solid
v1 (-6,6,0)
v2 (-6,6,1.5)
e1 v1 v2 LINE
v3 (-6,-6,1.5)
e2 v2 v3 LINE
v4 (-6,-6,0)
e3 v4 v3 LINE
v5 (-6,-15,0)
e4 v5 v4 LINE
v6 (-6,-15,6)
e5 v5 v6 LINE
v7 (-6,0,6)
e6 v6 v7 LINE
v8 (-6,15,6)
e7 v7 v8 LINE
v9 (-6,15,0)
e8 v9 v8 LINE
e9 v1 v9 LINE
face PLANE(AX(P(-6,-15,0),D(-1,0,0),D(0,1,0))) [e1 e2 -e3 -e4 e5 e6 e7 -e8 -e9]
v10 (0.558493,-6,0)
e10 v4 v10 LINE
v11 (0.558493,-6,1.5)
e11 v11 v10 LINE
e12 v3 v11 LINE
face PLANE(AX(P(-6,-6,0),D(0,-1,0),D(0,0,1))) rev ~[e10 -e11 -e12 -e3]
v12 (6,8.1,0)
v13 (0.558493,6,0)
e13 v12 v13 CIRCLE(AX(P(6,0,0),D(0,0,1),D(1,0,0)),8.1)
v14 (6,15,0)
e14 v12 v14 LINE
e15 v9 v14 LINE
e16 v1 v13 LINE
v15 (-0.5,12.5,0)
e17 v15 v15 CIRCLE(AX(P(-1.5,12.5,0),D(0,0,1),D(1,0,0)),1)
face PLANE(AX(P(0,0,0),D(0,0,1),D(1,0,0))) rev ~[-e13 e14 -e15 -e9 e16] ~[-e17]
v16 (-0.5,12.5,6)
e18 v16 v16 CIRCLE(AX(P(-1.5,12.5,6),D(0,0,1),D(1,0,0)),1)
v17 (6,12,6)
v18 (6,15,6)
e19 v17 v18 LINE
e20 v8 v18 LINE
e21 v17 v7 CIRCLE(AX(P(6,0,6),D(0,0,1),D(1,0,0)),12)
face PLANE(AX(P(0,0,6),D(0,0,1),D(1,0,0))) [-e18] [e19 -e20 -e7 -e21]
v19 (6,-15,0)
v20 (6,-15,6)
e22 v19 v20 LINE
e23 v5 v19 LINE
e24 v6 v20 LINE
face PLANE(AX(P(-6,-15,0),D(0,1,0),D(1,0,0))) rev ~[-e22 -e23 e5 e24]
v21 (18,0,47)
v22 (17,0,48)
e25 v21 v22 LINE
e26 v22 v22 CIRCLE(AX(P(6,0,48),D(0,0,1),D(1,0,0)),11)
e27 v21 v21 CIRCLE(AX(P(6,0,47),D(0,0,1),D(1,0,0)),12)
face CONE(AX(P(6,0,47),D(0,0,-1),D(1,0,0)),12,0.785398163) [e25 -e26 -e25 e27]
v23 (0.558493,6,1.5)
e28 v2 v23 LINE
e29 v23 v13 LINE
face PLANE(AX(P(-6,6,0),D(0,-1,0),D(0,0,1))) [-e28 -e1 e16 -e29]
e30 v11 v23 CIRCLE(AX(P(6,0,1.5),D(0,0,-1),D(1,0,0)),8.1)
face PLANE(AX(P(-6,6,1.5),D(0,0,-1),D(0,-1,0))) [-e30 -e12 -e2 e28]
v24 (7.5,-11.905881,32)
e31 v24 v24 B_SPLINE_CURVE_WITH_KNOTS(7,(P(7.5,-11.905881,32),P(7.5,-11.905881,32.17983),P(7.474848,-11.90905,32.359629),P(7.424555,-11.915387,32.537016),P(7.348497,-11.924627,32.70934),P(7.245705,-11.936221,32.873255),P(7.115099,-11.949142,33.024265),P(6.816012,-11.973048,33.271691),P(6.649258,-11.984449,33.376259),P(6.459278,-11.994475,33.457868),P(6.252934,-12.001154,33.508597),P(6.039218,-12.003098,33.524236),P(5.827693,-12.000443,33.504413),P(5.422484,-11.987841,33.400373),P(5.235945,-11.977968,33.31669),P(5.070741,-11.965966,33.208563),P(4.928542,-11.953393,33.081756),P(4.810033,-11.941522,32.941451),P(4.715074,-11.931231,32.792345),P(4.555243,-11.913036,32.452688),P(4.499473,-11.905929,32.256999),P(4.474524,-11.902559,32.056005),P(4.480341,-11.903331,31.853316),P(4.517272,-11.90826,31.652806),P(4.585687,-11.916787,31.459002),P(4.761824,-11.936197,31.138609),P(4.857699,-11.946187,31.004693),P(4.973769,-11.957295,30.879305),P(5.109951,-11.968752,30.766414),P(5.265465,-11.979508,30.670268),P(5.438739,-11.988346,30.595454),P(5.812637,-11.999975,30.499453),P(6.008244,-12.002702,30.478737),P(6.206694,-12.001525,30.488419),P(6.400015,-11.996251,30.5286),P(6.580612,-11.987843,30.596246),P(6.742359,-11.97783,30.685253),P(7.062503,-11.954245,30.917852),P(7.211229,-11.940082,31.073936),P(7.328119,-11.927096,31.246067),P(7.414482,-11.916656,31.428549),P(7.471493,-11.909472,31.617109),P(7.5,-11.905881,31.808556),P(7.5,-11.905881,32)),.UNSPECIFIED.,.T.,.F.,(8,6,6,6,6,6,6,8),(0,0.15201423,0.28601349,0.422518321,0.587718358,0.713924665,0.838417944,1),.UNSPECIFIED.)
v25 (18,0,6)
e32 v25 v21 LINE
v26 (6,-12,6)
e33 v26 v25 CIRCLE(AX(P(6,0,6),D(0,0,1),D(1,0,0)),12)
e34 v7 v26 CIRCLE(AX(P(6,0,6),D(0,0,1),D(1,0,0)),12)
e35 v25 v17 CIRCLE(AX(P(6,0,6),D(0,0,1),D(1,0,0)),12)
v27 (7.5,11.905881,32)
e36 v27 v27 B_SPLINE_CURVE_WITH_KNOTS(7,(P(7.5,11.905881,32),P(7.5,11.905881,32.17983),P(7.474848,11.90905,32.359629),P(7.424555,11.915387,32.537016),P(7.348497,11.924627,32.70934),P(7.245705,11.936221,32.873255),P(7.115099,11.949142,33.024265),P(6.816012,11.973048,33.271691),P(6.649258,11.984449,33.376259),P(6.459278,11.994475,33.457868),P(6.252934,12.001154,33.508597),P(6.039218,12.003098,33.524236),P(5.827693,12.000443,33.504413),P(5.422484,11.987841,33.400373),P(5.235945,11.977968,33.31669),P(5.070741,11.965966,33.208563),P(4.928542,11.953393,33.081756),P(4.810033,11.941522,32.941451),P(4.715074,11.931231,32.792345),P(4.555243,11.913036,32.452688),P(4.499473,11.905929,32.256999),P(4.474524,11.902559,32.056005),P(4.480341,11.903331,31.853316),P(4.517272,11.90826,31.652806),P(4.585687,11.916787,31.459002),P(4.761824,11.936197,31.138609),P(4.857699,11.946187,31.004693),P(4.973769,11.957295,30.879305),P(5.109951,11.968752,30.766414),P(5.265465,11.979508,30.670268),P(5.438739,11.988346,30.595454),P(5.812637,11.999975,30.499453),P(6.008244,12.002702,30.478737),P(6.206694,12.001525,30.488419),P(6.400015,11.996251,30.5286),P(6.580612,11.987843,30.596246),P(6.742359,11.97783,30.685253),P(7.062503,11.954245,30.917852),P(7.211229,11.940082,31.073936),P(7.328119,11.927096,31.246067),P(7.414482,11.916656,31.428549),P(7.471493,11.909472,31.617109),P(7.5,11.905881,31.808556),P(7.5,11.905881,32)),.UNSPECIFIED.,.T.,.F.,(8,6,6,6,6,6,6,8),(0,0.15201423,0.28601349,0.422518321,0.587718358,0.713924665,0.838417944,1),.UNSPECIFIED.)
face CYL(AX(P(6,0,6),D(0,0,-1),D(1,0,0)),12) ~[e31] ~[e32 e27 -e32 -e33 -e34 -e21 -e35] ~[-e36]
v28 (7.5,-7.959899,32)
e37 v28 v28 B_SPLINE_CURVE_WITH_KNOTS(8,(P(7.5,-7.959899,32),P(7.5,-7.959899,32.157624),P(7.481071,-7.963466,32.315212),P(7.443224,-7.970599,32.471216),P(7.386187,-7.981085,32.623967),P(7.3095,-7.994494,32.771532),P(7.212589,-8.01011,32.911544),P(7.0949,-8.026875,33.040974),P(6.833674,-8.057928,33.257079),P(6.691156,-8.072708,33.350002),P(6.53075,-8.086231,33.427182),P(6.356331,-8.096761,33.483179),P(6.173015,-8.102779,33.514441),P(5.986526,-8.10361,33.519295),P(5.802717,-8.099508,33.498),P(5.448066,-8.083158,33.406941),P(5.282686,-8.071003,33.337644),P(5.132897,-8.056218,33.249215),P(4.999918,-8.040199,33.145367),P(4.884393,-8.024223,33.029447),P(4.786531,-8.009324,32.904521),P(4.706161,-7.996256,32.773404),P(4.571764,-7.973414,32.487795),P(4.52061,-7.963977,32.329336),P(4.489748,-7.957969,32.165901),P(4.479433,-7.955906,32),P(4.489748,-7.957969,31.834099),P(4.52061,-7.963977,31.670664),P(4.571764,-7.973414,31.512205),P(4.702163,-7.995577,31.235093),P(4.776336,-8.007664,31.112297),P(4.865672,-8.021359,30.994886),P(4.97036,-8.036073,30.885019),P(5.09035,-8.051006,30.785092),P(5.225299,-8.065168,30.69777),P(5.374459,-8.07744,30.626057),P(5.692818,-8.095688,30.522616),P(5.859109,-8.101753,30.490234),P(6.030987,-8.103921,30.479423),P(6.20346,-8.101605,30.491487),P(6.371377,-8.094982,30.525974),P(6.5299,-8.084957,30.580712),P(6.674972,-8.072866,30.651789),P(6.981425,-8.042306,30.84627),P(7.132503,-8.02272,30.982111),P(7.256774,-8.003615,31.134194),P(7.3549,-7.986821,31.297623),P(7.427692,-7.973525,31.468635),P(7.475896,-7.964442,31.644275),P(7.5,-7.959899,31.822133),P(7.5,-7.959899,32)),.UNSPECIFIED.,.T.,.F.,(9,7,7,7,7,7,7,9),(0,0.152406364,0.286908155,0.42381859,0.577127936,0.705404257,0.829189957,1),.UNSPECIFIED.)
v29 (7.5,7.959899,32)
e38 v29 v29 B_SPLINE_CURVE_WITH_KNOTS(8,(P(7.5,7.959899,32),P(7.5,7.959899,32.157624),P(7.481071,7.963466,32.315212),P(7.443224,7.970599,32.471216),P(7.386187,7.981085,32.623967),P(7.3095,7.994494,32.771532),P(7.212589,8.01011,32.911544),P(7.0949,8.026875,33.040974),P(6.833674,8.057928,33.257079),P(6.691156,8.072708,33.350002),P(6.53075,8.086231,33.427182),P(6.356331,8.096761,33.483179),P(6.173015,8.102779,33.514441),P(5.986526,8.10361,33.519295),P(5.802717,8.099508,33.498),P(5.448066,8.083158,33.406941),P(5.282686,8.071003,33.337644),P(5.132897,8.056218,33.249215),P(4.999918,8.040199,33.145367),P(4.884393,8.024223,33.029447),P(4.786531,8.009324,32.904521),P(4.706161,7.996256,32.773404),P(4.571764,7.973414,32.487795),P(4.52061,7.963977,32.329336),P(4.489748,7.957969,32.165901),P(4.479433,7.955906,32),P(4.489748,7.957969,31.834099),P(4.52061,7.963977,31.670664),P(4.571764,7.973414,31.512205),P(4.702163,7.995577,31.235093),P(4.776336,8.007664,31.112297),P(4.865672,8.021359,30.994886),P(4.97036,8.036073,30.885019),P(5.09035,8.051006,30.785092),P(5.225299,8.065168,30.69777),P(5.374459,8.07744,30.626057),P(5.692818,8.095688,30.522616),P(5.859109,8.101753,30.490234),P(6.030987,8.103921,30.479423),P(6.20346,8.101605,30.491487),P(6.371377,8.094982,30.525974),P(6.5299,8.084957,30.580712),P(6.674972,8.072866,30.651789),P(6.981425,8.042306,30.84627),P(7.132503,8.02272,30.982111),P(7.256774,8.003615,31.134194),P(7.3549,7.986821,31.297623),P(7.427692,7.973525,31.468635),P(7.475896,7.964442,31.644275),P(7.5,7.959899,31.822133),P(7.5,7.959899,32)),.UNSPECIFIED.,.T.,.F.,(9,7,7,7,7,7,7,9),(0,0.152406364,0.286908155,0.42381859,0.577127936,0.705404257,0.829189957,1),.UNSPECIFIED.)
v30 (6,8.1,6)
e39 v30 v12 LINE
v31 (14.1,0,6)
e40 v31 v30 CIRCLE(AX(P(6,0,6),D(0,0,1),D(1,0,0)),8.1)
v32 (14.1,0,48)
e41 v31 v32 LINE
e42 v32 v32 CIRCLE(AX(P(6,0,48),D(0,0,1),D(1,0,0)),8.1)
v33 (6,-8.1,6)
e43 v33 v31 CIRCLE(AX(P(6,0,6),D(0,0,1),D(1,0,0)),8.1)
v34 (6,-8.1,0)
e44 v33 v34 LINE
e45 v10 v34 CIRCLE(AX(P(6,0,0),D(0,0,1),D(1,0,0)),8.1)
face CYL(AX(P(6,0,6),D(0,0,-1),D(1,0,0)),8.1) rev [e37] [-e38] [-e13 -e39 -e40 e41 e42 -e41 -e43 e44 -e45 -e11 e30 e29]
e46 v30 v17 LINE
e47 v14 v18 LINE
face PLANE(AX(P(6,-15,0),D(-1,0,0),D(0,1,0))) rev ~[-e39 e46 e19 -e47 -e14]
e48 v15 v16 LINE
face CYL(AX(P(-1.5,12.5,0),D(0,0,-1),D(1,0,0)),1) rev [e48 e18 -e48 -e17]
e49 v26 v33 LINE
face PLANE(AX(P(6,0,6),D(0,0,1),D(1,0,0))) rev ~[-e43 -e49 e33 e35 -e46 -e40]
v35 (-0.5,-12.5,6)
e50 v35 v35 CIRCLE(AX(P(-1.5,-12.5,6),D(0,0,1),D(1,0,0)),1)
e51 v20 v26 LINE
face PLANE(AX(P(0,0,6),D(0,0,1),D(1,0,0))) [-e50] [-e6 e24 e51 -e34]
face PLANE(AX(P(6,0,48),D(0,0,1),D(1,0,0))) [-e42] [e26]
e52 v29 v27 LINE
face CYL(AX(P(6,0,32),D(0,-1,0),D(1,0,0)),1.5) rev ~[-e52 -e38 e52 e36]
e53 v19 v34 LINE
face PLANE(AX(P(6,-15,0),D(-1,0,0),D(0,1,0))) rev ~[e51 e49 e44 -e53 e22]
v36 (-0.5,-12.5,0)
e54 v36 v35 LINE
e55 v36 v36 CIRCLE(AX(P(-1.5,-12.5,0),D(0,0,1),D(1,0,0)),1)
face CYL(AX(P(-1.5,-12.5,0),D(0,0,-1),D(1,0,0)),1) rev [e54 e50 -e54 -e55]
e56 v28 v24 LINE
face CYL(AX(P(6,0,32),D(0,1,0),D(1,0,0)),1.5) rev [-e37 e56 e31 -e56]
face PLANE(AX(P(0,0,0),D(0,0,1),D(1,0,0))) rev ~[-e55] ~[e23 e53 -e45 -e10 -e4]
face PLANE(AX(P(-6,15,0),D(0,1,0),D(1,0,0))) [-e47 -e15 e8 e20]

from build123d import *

# Parameters (mm, degrees)
F0_W          = 12
F0_H          = 30
F0_R          = 1
F1_DEPTH      = 6
F2_R          = 12
F2_R_2        = 8.1
F3_DEPTH      = 42
F4_DEPTH      = 6.001
F5_W          = 12
F5_H          = 1.5
F6_DEPTH      = 24.001
F7_R          = 1.5
F8_DEPTH      = 15.001
F8_DEPTH_BACK = 15.001
F9_SIZE       = 1


with BuildPart() as f1:
    # F0 (on Top) → F1 (new body)
    with BuildSketch(Plane.XY):
        Rectangle(F0_W, F0_H)
        with Locations((-1.5, -12.5)):
            Circle(F0_R, mode=Mode.SUBTRACT)
        with Locations((-1.5, 12.5)):
            Circle(F0_R, mode=Mode.SUBTRACT)
    extrude(amount=F1_DEPTH)

    # F2 (on face) → F3 (join)
    with BuildSketch(Plane.XY.offset(6)):
        with Locations((6, 0)):
            Circle(F2_R)
        with Locations((6, 0)):
            Circle(F2_R_2, mode=Mode.SUBTRACT)
    extrude(amount=F3_DEPTH)

    # F4 (cut, through all): a face of the model
    f4_faces = [f1.faces().sort_by_distance(p)[0] for p in [
        (2.5622532292, 0, 6),
    ]]
    extrude(f4_faces, amount=-F4_DEPTH, mode=Mode.SUBTRACT)

    # F5 (on face) → F6 (cut, through all)
    with BuildSketch(Plane(origin=(-6, 0, 0), x_dir=(0, -1, 0), z_dir=(-1, 0, 0))):
        with Locations((0, 0.75)):
            Rectangle(F5_W, F5_H)
    extrude(amount=-F6_DEPTH, mode=Mode.SUBTRACT)

    # F7 (on Front) → F8 (cut, two sides)
    with BuildSketch(Plane.XZ) as f8_sk:
        with Locations((6, 32)):
            Circle(F7_R)
    extrude(amount=-F8_DEPTH, mode=Mode.SUBTRACT)
    extrude(f8_sk.sketch, amount=F8_DEPTH_BACK, mode=Mode.SUBTRACT)

    # F9
    f9_edges = [f1.edges().sort_by_distance(p)[0] for p in [
        (-6, 0, 48),
    ]]
    chamfer(f9_edges, length=F9_SIZE)


solid = f1.part
